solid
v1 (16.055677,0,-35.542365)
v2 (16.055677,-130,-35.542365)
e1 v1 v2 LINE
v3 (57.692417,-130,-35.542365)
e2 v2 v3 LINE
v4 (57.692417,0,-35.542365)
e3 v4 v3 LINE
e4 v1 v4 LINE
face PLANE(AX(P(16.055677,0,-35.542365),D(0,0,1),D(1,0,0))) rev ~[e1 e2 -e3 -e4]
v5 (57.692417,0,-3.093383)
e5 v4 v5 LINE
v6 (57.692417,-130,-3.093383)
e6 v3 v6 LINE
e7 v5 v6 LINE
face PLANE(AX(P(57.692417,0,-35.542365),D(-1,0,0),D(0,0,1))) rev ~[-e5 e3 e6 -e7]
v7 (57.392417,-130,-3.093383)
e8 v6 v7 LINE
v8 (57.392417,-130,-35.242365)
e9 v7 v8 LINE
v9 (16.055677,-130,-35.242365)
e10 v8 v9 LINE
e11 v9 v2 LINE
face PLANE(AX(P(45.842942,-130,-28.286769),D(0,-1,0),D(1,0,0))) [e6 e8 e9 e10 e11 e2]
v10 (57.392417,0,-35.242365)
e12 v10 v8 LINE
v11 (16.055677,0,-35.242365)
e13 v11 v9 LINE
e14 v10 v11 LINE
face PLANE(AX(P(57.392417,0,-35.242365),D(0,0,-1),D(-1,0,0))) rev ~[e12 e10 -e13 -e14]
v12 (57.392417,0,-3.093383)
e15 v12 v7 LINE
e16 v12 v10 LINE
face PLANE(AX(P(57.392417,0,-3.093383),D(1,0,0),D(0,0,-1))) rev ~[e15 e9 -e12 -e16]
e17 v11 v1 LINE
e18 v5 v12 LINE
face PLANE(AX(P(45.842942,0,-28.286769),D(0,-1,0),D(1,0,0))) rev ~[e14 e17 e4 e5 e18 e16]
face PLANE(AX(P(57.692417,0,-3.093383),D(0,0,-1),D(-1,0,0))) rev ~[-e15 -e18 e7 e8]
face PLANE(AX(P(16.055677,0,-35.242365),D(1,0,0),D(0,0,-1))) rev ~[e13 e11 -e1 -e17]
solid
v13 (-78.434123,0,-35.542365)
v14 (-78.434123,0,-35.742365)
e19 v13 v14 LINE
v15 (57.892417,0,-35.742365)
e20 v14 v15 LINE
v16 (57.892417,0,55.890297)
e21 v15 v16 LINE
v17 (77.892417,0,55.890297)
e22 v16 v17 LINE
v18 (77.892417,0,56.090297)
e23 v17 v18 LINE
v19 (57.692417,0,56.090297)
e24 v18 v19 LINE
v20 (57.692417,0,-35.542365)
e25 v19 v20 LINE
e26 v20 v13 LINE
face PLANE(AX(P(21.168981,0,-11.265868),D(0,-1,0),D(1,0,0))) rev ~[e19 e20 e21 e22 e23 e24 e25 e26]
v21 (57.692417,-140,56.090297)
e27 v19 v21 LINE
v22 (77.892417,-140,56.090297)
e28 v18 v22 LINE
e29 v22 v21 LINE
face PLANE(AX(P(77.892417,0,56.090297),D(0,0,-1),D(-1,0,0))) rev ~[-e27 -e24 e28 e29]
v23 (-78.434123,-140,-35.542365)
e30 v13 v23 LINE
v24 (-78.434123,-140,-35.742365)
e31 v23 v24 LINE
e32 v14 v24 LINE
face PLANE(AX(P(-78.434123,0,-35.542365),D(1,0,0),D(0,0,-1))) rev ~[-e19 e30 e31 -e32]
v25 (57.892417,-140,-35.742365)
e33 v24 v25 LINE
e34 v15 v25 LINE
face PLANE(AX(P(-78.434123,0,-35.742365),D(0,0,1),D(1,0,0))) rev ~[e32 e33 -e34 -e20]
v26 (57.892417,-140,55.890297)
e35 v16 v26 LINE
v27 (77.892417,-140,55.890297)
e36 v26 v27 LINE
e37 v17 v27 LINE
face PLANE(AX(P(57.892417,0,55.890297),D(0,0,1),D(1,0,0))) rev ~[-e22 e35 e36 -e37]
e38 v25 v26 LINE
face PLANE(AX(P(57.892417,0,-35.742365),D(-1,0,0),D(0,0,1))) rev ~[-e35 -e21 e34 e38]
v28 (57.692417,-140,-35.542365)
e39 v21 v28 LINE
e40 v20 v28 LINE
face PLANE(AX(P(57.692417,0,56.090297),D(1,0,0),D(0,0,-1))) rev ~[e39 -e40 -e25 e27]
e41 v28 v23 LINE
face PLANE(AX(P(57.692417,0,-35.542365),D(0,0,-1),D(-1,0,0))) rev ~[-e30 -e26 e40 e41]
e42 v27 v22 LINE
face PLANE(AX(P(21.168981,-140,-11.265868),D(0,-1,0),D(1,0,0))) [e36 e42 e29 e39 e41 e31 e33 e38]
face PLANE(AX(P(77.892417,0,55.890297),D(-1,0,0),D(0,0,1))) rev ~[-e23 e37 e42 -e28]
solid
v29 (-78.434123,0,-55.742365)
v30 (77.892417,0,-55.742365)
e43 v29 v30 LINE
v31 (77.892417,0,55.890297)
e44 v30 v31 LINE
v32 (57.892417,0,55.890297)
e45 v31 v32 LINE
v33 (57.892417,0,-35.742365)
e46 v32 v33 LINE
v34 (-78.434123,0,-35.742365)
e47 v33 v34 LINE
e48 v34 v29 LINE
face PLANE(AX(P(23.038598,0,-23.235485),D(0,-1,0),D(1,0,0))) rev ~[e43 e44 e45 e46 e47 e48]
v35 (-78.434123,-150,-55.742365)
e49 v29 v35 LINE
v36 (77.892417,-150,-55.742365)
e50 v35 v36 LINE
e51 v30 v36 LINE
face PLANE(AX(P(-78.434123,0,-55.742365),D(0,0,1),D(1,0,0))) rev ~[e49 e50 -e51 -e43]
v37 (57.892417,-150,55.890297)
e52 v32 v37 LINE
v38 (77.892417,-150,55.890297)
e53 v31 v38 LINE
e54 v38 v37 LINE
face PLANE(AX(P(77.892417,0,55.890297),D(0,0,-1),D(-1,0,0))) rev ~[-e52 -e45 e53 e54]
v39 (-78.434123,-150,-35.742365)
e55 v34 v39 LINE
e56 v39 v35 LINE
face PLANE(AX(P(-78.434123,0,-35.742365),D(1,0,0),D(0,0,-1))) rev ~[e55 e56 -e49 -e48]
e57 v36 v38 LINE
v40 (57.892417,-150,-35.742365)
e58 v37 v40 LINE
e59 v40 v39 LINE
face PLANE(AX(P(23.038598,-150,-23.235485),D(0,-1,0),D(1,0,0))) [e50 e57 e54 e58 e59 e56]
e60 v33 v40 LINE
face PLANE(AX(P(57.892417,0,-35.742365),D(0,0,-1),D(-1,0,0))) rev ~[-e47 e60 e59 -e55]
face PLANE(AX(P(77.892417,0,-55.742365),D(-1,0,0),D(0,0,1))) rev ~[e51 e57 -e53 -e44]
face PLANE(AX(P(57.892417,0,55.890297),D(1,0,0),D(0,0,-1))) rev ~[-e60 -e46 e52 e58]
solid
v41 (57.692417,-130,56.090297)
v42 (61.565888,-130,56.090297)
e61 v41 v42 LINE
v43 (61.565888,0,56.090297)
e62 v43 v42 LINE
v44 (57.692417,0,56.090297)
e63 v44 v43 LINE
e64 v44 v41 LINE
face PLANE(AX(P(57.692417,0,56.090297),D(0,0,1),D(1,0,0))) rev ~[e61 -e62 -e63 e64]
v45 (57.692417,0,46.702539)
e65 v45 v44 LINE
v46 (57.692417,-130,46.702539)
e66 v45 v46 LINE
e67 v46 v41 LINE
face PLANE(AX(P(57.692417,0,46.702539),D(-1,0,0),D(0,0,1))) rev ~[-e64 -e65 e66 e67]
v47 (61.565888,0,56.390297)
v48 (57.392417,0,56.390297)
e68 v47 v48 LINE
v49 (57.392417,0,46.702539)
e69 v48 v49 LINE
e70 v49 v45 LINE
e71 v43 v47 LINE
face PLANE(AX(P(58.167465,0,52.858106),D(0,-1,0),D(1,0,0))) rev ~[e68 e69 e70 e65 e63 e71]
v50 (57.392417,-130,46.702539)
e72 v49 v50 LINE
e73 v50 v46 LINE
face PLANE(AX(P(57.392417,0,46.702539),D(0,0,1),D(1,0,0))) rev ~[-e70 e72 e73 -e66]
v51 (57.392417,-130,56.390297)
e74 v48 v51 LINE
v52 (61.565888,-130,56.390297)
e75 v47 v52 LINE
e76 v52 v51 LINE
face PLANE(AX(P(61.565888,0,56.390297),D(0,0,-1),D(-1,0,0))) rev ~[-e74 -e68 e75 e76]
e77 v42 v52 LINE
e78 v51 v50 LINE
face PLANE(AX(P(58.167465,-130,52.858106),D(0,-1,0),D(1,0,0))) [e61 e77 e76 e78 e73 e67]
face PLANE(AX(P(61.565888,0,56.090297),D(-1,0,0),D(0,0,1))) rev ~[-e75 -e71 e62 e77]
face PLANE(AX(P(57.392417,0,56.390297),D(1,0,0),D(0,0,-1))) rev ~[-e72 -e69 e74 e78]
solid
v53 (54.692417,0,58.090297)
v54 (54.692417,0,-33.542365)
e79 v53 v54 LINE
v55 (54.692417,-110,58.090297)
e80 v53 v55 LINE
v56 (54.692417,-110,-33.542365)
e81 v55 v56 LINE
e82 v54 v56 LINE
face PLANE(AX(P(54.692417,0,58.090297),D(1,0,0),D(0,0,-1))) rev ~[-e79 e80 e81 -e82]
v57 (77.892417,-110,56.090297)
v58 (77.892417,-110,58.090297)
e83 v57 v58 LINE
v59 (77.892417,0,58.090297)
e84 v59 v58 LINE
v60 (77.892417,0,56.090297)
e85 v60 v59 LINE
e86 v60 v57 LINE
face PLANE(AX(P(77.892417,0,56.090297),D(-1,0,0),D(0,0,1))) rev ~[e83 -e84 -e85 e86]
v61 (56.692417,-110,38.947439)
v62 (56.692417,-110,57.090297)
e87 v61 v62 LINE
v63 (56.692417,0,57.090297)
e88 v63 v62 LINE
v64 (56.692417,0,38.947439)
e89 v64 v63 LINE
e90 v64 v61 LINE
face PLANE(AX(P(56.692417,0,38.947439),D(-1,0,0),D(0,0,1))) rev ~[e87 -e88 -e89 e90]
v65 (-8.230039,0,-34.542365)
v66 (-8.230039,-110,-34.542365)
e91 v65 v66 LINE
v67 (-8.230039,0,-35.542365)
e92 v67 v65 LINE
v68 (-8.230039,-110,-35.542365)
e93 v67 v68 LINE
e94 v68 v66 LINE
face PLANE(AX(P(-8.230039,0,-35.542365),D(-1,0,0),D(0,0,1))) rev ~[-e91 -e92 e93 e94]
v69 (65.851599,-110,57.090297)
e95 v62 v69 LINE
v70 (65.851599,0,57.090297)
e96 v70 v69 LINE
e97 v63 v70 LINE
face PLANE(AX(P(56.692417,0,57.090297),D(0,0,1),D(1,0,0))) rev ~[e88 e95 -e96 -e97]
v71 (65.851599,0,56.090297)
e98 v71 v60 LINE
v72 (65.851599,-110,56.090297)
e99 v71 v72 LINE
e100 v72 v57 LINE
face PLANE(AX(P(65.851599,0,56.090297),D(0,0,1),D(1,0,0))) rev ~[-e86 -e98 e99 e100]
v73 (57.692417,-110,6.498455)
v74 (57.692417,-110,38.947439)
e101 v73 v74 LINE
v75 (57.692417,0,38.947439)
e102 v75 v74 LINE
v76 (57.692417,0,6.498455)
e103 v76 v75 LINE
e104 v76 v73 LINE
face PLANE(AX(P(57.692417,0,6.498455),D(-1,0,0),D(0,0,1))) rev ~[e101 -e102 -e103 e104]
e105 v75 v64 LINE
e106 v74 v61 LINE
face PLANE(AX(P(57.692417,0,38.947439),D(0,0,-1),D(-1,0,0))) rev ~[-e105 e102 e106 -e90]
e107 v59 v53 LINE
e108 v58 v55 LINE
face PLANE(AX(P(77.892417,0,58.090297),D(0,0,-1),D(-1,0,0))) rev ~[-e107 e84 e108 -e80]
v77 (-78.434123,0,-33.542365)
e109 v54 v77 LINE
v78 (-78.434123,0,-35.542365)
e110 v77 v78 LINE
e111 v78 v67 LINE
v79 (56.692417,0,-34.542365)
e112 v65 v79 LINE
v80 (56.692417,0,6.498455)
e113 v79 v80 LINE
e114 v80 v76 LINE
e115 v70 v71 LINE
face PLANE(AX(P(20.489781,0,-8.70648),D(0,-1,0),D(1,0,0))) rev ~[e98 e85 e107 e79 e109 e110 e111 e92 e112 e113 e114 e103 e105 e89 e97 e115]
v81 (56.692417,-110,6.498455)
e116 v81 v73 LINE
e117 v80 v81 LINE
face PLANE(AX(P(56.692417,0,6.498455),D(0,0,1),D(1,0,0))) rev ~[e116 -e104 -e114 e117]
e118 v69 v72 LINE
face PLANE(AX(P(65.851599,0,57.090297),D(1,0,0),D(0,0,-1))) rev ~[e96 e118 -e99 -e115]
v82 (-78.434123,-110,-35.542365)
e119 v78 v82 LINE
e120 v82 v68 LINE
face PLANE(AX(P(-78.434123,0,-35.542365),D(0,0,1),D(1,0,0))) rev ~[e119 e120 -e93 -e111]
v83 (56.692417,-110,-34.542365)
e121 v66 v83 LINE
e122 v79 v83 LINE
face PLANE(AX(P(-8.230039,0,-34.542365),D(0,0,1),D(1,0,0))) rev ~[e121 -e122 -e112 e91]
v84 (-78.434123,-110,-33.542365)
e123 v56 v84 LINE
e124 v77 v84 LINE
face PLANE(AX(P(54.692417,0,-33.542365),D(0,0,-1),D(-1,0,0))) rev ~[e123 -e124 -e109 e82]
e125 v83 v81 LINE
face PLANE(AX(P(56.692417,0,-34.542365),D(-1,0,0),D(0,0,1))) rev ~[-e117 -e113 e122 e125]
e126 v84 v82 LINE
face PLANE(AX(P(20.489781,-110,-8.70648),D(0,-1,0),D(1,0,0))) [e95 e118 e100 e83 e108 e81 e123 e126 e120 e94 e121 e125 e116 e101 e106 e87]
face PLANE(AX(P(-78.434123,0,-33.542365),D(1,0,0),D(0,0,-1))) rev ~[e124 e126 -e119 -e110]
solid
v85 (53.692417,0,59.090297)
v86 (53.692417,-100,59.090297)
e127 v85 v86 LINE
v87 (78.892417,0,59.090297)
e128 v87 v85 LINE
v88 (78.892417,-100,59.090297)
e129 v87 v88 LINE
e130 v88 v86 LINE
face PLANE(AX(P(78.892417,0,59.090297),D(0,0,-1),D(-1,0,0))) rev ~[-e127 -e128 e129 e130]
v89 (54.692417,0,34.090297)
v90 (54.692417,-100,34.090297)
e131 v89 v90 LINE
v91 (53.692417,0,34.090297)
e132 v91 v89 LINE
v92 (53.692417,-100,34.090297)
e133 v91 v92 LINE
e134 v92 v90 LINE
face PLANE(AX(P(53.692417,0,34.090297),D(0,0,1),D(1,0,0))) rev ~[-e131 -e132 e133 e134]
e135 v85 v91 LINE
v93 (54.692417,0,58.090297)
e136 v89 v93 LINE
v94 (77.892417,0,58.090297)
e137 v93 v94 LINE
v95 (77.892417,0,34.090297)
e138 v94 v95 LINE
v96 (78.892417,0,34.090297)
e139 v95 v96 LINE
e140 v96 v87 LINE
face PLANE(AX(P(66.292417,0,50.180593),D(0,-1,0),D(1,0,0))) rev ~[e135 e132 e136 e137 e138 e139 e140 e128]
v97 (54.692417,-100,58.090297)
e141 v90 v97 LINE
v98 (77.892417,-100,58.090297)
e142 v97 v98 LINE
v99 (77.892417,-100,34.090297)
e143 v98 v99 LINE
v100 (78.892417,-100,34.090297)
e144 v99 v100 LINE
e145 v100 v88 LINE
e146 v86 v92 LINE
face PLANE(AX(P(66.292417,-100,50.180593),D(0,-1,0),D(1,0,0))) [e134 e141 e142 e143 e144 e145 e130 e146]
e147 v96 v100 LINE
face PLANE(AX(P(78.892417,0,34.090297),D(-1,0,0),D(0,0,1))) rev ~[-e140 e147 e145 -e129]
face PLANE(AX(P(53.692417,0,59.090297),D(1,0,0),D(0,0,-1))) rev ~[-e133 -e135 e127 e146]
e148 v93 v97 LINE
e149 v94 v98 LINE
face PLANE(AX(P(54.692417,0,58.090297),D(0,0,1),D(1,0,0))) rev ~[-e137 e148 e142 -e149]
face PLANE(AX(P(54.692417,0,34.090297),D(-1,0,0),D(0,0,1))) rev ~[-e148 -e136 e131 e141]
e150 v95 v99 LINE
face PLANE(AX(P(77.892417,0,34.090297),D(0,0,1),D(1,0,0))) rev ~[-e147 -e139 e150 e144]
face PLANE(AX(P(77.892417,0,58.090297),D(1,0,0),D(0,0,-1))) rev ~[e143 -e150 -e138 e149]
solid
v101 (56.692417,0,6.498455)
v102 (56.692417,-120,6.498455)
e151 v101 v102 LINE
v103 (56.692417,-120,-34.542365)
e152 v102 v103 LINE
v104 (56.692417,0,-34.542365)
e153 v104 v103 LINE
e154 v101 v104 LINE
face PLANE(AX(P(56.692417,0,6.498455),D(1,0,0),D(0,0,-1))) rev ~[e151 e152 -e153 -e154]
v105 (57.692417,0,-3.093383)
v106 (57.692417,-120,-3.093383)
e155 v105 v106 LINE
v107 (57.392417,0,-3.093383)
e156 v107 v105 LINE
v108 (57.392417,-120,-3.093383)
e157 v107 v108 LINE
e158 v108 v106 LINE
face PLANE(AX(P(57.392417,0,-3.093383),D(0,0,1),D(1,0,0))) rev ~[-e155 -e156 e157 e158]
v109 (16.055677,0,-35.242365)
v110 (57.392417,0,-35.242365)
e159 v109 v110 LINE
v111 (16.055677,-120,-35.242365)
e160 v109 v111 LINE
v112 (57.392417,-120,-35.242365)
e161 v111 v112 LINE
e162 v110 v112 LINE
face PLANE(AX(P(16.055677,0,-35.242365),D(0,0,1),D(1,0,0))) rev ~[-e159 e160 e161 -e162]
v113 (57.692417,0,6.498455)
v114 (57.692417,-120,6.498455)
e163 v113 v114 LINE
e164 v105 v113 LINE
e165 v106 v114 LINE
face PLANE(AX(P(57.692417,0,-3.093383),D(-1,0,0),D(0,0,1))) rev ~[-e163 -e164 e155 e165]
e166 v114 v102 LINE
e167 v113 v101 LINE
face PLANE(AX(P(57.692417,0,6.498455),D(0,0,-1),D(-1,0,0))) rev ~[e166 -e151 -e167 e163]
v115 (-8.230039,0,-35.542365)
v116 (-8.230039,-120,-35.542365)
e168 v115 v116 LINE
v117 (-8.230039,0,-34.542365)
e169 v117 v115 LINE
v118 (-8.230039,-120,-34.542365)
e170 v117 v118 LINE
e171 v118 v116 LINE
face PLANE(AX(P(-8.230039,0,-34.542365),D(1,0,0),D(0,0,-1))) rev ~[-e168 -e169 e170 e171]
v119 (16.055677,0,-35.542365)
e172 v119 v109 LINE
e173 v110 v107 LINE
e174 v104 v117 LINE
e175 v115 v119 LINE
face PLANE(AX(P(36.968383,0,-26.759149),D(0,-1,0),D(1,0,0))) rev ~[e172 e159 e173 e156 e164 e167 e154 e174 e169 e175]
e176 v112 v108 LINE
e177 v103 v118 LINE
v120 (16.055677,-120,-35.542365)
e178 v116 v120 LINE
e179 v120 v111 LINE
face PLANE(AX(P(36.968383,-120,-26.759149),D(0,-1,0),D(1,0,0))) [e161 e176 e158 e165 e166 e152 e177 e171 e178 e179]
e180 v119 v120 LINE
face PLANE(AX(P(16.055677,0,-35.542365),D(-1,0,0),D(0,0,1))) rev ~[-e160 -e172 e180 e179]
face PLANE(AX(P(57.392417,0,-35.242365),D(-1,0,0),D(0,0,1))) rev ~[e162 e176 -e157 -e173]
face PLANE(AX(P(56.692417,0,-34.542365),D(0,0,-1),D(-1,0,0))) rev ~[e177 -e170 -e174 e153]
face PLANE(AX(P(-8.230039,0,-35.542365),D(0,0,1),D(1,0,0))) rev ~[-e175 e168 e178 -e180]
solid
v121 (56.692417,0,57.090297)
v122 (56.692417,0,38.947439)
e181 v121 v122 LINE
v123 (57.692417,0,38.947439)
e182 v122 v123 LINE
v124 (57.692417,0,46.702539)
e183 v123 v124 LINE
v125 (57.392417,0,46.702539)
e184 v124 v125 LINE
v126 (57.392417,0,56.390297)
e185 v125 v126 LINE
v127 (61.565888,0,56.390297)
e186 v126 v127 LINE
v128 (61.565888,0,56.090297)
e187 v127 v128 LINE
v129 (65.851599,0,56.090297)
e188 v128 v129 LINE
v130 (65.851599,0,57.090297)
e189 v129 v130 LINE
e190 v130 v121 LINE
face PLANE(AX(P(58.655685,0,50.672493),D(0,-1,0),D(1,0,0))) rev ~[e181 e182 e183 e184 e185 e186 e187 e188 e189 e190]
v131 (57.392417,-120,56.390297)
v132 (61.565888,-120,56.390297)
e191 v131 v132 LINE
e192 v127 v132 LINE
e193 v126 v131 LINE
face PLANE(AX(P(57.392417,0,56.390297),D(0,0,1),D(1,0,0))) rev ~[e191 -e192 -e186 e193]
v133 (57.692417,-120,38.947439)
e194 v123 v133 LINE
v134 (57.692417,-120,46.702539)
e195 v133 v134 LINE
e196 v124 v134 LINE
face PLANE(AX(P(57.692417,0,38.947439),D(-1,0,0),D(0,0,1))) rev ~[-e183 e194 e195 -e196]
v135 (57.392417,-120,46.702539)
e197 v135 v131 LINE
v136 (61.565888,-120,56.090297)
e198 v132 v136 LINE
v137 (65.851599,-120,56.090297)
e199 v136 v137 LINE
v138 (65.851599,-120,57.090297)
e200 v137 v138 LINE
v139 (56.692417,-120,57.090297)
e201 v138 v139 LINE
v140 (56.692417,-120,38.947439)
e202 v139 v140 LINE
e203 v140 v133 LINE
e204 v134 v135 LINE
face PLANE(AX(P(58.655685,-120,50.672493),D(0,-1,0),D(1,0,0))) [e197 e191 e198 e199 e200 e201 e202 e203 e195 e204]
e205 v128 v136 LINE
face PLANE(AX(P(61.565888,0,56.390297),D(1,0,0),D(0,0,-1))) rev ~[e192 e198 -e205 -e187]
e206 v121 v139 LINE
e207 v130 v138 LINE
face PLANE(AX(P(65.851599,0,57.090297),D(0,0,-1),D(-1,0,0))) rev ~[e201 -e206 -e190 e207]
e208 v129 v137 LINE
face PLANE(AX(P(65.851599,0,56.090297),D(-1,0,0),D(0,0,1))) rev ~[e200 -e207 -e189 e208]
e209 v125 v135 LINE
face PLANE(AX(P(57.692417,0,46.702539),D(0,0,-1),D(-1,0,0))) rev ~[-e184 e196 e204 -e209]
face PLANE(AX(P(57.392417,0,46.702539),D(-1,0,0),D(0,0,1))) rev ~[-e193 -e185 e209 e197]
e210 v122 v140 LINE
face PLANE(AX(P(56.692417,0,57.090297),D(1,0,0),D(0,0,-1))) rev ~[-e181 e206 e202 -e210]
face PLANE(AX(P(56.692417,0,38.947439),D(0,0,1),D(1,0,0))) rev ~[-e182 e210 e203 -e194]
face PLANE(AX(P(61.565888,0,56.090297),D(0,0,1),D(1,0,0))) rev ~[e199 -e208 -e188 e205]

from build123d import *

# Parameters (mm, degrees)
F1_DEPTH = 150
F2_DEPTH = 140
F3_DEPTH = 130
F4_DEPTH = 130
F5_DEPTH = 120
F6_DEPTH = 120
F7_DEPTH = 110
F8_DEPTH = 100


with BuildPart() as f1:
    # F0 (on Front) → F1 (new body)
    with BuildSketch(Plane.XZ):
        Polygon((57.892417, -35.742365), (-78.434123, -35.742365), (-78.434123, -55.742365), (77.892417, -55.742365), (77.892417, 34.090297), (77.892417, 55.890297), (57.892417, 55.890297), align=None)
    extrude(amount=F1_DEPTH)


with BuildPart() as f2:
    # F0 (on Front) → F2 (new body)
    with BuildSketch(Plane.XZ):
        Polygon((-78.434123, -35.542365), (-78.434123, -35.742365), (57.892417, -35.742365), (57.892417, 55.890297), (77.892417, 55.890297), (77.892417, 56.090297), (65.851599, 56.090297), (61.565888, 56.090297), (57.692417, 56.090297), (57.692417, 46.702539), (57.692417, 38.947439), (57.692417, 6.498455), (57.692417, -3.093383), (57.692417, -35.542365), (16.055677, -35.542365), (-8.230039, -35.542365), align=None)
    extrude(amount=F2_DEPTH)


with BuildPart() as f3:
    # F0 (on Front) → F3 (new body)
    with BuildSketch(Plane.XZ):
        Polygon((16.055677, -35.242365), (16.055677, -35.542365), (57.692417, -35.542365), (57.692417, -3.093383), (57.392417, -3.093383), (57.392417, -35.242365), align=None)
    extrude(amount=F3_DEPTH)


with BuildPart() as f4:
    # F0 (on Front) → F4 (new body)
    with BuildSketch(Plane.XZ):
        Polygon((57.692417, 56.090297), (61.565888, 56.090297), (61.565888, 56.390297), (57.392417, 56.390297), (57.392417, 46.702539), (57.692417, 46.702539), align=None)
    extrude(amount=F4_DEPTH)


with BuildPart() as f5:
    # F0 (on Front) → F5 (new body)
    with BuildSketch(Plane.XZ):
        Polygon((61.565888, 56.090297), (65.851599, 56.090297), (65.851599, 57.090297), (56.692417, 57.090297), (56.692417, 38.947439), (57.692417, 38.947439), (57.692417, 46.702539), (57.392417, 46.702539), (57.392417, 56.390297), (61.565888, 56.390297), align=None)
    extrude(amount=F5_DEPTH)


with BuildPart() as f6:
    # F0 (on Front) → F6 (new body)
    with BuildSketch(Plane.XZ):
        Polygon((-8.230039, -34.542365), (-8.230039, -35.542365), (16.055677, -35.542365), (16.055677, -35.242365), (57.392417, -35.242365), (57.392417, -3.093383), (57.692417, -3.093383), (57.692417, 6.498455), (56.692417, 6.498455), (56.692417, -34.542365), align=None)
    extrude(amount=F6_DEPTH)


with BuildPart() as f7:
    # F0 (on Front) → F7 (new body)
    with BuildSketch(Plane.XZ):
        Polygon((-78.434123, -33.542365), (-78.434123, -35.542365), (-8.230039, -35.542365), (-8.230039, -34.542365), (56.692417, -34.542365), (56.692417, 6.498455), (57.692417, 6.498455), (57.692417, 38.947439), (56.692417, 38.947439), (56.692417, 57.090297), (65.851599, 57.090297), (65.851599, 56.090297), (77.892417, 56.090297), (77.892417, 58.090297), (54.692417, 58.090297), (54.692417, 34.090297), (54.692417, -33.542365), align=None)
    extrude(amount=F7_DEPTH)


with BuildPart() as f8:
    # F0 (on Front) → F8 (new body)
    with BuildSketch(Plane.XZ):
        Polygon((77.892417, 55.890297), (77.892417, 34.090297), (78.892417, 34.090297), (78.892417, 59.090297), (53.692417, 59.090297), (53.692417, 34.090297), (54.692417, 34.090297), (54.692417, 58.090297), (77.892417, 58.090297), (77.892417, 56.090297), align=None)
    extrude(amount=F8_DEPTH)


solid = Compound([f1.part, f2.part, f3.part, f4.part, f5.part, f6.part, f7.part, f8.part])
